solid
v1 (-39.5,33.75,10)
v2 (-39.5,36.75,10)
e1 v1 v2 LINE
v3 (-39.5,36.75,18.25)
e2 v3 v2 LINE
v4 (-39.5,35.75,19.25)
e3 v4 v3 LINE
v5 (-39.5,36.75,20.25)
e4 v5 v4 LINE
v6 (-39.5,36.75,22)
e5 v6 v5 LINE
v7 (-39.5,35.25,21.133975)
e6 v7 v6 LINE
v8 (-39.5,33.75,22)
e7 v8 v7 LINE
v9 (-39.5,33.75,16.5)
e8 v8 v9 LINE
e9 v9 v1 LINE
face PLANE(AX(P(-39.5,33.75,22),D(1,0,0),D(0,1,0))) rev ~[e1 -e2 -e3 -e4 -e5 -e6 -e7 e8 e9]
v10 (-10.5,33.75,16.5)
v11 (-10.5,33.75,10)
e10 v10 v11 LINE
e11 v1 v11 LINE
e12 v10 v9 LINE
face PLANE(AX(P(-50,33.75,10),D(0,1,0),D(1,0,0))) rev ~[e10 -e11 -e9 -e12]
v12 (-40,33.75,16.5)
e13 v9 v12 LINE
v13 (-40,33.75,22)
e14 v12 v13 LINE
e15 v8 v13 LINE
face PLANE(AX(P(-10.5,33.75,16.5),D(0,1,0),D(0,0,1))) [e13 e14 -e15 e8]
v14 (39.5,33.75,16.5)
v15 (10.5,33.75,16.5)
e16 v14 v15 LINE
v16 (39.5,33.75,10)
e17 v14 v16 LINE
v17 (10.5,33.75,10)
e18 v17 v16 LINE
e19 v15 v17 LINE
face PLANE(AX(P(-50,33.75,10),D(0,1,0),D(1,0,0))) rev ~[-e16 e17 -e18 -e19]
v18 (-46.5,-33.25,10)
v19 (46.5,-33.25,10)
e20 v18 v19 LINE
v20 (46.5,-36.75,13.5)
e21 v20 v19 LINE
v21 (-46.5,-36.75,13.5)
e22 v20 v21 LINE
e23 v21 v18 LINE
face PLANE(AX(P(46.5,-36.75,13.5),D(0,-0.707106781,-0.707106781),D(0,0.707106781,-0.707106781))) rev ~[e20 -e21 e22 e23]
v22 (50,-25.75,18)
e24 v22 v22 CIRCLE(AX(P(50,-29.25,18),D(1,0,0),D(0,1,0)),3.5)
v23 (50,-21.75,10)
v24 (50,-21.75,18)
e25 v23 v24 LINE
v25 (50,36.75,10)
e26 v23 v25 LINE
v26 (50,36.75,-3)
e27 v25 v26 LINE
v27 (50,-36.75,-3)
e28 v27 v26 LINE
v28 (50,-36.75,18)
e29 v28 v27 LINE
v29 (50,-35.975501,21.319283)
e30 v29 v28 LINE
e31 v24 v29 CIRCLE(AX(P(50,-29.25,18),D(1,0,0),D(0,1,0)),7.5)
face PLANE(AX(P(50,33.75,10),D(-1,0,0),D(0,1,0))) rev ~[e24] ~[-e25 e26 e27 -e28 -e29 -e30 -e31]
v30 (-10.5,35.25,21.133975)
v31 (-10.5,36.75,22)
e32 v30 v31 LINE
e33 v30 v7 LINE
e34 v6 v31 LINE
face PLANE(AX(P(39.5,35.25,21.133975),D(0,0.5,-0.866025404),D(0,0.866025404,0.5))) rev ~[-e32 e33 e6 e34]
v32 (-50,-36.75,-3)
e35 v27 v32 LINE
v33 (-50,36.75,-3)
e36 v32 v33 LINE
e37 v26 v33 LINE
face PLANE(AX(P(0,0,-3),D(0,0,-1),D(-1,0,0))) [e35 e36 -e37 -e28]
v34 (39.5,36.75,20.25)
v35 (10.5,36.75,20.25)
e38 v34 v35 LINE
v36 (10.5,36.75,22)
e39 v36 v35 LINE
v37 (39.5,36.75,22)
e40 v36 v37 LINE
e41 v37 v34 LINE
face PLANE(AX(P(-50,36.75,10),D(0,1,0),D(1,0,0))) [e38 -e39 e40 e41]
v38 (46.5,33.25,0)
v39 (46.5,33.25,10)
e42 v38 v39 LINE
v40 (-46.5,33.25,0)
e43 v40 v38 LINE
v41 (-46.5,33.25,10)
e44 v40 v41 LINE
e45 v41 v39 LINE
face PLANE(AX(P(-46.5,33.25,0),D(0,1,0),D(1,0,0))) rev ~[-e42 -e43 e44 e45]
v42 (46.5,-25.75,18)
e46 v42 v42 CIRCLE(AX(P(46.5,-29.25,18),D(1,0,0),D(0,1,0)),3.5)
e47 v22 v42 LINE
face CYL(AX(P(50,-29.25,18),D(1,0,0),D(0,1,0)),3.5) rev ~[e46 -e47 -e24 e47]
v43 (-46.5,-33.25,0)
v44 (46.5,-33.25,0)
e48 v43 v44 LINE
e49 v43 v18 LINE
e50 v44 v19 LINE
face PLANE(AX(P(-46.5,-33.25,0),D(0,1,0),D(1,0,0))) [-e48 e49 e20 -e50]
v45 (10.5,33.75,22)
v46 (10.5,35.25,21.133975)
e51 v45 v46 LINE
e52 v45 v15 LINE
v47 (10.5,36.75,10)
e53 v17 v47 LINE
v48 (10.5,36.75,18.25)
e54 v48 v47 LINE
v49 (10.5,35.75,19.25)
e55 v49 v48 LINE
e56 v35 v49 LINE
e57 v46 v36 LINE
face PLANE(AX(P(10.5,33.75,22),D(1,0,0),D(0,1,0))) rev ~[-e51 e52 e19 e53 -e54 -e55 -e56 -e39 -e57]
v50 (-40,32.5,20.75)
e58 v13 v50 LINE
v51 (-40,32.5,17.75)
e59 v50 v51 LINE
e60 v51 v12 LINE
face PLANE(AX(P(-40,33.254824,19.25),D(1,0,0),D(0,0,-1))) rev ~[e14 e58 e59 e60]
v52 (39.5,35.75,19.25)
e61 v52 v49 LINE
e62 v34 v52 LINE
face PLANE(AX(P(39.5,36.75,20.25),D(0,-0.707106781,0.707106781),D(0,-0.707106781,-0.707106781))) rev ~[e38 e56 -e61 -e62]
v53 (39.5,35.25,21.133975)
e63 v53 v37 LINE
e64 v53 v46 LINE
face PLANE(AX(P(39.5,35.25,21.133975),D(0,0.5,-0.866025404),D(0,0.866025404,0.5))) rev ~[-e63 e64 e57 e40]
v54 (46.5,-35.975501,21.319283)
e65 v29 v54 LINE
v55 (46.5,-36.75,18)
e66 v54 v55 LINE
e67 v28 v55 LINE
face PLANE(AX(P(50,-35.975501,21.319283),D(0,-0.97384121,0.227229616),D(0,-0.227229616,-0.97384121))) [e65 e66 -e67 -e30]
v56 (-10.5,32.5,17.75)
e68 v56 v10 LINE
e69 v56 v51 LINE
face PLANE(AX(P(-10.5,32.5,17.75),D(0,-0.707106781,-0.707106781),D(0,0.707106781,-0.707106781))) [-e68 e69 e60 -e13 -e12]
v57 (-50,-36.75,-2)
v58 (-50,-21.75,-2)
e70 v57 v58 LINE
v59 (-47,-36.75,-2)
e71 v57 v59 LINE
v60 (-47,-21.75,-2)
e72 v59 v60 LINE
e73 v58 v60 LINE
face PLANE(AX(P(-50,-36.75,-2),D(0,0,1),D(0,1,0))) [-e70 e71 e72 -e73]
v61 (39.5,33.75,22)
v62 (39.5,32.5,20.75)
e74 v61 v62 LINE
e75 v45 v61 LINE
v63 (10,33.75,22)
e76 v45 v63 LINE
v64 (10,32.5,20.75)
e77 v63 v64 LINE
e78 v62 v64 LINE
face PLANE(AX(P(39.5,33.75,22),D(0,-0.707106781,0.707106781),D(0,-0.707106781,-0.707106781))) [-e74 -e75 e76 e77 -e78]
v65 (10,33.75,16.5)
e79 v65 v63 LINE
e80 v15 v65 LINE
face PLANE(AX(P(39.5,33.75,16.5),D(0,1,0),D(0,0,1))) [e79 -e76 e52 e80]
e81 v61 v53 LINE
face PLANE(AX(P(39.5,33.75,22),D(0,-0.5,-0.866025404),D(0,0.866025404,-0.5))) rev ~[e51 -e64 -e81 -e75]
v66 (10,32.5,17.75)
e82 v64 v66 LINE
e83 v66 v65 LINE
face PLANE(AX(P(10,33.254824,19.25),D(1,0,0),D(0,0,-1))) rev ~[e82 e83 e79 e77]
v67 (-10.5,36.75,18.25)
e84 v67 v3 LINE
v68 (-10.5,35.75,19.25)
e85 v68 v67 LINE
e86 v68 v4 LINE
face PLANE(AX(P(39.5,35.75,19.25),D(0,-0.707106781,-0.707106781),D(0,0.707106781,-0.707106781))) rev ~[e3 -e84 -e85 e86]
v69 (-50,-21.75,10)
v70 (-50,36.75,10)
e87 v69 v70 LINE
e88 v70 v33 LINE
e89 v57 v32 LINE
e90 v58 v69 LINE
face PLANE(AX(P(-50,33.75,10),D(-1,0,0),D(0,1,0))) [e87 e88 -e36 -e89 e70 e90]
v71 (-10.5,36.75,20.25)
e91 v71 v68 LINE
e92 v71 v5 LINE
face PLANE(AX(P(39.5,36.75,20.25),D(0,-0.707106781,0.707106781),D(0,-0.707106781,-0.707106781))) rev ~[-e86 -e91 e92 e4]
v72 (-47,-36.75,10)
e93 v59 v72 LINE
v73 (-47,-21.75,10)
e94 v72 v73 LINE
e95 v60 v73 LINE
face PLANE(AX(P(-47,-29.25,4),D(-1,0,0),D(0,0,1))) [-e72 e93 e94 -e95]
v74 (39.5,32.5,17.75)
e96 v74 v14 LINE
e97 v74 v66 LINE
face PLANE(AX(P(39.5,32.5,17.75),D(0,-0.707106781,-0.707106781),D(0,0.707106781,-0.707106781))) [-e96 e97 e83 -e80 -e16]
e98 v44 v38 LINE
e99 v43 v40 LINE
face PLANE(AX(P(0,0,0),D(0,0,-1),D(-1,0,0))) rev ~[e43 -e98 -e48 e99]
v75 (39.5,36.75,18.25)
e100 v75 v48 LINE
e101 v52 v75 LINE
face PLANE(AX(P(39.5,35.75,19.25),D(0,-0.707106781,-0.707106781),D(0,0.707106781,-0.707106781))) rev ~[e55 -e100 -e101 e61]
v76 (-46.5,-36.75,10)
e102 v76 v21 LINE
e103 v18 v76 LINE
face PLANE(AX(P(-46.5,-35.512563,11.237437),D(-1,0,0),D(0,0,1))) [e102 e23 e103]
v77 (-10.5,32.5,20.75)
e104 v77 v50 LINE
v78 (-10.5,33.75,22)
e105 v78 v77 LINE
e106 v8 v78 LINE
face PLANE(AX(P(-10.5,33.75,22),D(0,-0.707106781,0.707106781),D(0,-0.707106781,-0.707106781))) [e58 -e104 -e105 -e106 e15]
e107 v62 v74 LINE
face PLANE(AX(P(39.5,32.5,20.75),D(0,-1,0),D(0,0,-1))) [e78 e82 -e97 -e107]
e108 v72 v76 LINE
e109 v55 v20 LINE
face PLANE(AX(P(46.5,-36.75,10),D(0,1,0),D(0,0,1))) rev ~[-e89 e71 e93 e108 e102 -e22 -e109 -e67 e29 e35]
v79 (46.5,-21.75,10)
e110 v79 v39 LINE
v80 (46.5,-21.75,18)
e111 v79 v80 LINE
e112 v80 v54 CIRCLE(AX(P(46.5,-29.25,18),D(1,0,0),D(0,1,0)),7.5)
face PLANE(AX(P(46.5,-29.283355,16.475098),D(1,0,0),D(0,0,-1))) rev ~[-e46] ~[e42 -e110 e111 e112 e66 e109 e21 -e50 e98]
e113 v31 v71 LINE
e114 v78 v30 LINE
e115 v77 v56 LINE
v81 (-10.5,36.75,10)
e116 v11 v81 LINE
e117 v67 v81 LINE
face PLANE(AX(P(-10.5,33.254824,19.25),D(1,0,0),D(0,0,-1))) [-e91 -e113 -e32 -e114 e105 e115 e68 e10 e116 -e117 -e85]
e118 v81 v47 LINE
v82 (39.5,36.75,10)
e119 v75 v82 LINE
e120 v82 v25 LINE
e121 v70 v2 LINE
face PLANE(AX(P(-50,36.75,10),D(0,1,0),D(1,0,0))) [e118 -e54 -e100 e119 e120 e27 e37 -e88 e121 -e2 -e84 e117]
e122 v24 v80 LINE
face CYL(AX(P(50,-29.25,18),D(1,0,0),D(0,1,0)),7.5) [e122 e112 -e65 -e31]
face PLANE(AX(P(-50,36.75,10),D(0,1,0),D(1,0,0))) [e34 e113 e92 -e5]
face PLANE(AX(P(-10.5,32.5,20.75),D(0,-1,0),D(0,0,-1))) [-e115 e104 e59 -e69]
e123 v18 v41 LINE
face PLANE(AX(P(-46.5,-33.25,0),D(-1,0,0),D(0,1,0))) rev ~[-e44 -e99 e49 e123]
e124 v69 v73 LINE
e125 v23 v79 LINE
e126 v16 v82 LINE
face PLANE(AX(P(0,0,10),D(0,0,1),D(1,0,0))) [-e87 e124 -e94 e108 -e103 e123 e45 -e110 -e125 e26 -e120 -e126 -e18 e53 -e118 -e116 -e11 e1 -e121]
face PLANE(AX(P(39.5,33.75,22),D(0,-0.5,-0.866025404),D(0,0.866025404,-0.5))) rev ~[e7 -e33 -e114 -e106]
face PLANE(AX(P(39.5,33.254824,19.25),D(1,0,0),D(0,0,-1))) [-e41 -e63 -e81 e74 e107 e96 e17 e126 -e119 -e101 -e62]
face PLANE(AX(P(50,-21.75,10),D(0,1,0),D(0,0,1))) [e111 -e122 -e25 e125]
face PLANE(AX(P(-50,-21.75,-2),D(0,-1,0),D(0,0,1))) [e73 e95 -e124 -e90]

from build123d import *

# Parameters (mm, degrees)
SKETCH1_W            = 100
SKETCH1_H            = 73.5
SKETCH1_W_2          = 93
SKETCH1_H_2          = 66.5
BOSS_EXTRUDE1_DEPTH  = 10
SKETCH2_W            = 100
SKETCH2_H            = 73.5
BOSS_EXTRUDE2_DEPTH  = 3
SKETCH3_R            = 3.5
BOSS_EXTRUDE8_DEPTH  = 3.5
SKETCH4_W            = 12
SKETCH4_H            = 15
CUT_EXTRUDE4_DEPTH   = 3
SKETCH7_W            = 100
SKETCH7_H            = 3
BOSS_EXTRUDE12_DEPTH = 12
SKETCH8_W            = 21
SKETCH8_H            = 3
SKETCH8_W_2          = 10.5
CUT_EXTRUDE2_DEPTH   = 12
BOSS_EXTRUDE13_DEPTH = 29.5
BOSS_EXTRUDE14_DEPTH = 29.5
CUT_EXTRUDE3_DEPTH   = 93.5
BOSS_EXTRUDE15_DEPTH = 93


with BuildPart() as part:
    # Sketch1 → Boss-Extrude1 (new body)
    with BuildSketch(Plane.XY):
        Rectangle(SKETCH1_W, SKETCH1_H)
        Rectangle(SKETCH1_W_2, SKETCH1_H_2, mode=Mode.SUBTRACT)
    extrude(amount=BOSS_EXTRUDE1_DEPTH)

    # Sketch2 → Boss-Extrude2 (add)
    with BuildSketch(Plane(origin=(0, 0, 0), x_dir=(-1, 0, 0), z_dir=(0, 0, -1))):
        Rectangle(SKETCH2_W, SKETCH2_H)
    extrude(amount=BOSS_EXTRUDE2_DEPTH)

    # Sketch3 → Boss-Extrude8 (add)
    with BuildSketch(Plane(origin=(50, 0, 0), x_dir=(0, 0, -1), z_dir=(1, 0, 0))):
        with BuildLine():
            Line((-10, -21.75), (-18, -21.75))
            ThreePointArc((-18, -21.75), (-25.303809073, -27.545777883), (-21.319283456, -35.975500527))
            Line((-21.319283456, -35.975500527), (-18, -36.75))
            Line((-18, -36.75), (-10, -36.75))
            Line((-10, -36.75), (-10, -21.75))
        make_face()
        with Locations(Location((-18, -29.25, 0), (0, 0, 90))):
            Circle(SKETCH3_R, mode=Mode.SUBTRACT)
    extrude(amount=-BOSS_EXTRUDE8_DEPTH)

    # Sketch4 → Cut-Extrude4 (cut)
    with BuildSketch(Plane.ZY.offset(50)):
        with Locations((4, -29.25)):
            Rectangle(SKETCH4_W, SKETCH4_H)
    extrude(amount=-CUT_EXTRUDE4_DEPTH, mode=Mode.SUBTRACT)

    # Sketch7 → Boss-Extrude12 (add)
    with BuildSketch(Plane.XY.offset(10)):
        with Locations((0, 35.25)):
            Rectangle(SKETCH7_W, SKETCH7_H)
    extrude(amount=BOSS_EXTRUDE12_DEPTH)

    # Sketch8 → Cut-Extrude2 (cut)
    with BuildSketch(Plane.XY.offset(22)):
        with Locations((0, 35.25)):
            Rectangle(SKETCH8_W, SKETCH8_H)
        with Locations((-44.75, 35.25)):
            Rectangle(SKETCH8_W_2, SKETCH8_H)
        with Locations((44.75, 35.25)):
            Rectangle(SKETCH8_W_2, SKETCH8_H)
    extrude(amount=-CUT_EXTRUDE2_DEPTH, mode=Mode.SUBTRACT)

    # Sketch9 → Boss-Extrude13 (add)
    with BuildSketch(Plane(origin=(39.5, 0, 0), x_dir=(0, 0, -1), z_dir=(1, 0, 0))):
        Polygon((-22, 33.75), (-20.75, 32.5), (-17.75, 32.5), (-16.5, 33.75), align=None)
    extrude(amount=-BOSS_EXTRUDE13_DEPTH)

    # Sketch10 → Boss-Extrude14 (add)
    with BuildSketch(Plane(origin=(-10.5, 0, 0), x_dir=(0, 0, -1), z_dir=(1, 0, 0))):
        Polygon((-22, 33.75), (-20.75, 32.5), (-17.75, 32.5), (-16.5, 33.75), align=None)
    extrude(amount=-BOSS_EXTRUDE14_DEPTH)

    # Sketch11 → Cut-Extrude3 (cut)
    with BuildSketch(Plane(origin=(39.5, 0, 0), x_dir=(0, 0, -1), z_dir=(1, 0, 0))):
        Polygon((-19.25, 36.75), (-19.25, 35.75), (-18.25, 36.75), align=None)
        Polygon((-19.25, 36.75), (-20.25, 36.75), (-19.25, 35.75), align=None)
        Polygon((-21.133974596, 35.25), (-22, 36.75), (-22, 35.25), align=None)
        Polygon((-22, 33.75), (-21.133974596, 35.25), (-22, 35.25), align=None)
    extrude(amount=-CUT_EXTRUDE3_DEPTH, mode=Mode.SUBTRACT)

    # Sketch12 → Boss-Extrude15 (add)
    with BuildSketch(Plane.ZY.offset(-46.5)):
        Polygon((10, -36.75), (13.5, -36.75), (10, -33.25), align=None)
    extrude(amount=BOSS_EXTRUDE15_DEPTH)


solid = part.part
